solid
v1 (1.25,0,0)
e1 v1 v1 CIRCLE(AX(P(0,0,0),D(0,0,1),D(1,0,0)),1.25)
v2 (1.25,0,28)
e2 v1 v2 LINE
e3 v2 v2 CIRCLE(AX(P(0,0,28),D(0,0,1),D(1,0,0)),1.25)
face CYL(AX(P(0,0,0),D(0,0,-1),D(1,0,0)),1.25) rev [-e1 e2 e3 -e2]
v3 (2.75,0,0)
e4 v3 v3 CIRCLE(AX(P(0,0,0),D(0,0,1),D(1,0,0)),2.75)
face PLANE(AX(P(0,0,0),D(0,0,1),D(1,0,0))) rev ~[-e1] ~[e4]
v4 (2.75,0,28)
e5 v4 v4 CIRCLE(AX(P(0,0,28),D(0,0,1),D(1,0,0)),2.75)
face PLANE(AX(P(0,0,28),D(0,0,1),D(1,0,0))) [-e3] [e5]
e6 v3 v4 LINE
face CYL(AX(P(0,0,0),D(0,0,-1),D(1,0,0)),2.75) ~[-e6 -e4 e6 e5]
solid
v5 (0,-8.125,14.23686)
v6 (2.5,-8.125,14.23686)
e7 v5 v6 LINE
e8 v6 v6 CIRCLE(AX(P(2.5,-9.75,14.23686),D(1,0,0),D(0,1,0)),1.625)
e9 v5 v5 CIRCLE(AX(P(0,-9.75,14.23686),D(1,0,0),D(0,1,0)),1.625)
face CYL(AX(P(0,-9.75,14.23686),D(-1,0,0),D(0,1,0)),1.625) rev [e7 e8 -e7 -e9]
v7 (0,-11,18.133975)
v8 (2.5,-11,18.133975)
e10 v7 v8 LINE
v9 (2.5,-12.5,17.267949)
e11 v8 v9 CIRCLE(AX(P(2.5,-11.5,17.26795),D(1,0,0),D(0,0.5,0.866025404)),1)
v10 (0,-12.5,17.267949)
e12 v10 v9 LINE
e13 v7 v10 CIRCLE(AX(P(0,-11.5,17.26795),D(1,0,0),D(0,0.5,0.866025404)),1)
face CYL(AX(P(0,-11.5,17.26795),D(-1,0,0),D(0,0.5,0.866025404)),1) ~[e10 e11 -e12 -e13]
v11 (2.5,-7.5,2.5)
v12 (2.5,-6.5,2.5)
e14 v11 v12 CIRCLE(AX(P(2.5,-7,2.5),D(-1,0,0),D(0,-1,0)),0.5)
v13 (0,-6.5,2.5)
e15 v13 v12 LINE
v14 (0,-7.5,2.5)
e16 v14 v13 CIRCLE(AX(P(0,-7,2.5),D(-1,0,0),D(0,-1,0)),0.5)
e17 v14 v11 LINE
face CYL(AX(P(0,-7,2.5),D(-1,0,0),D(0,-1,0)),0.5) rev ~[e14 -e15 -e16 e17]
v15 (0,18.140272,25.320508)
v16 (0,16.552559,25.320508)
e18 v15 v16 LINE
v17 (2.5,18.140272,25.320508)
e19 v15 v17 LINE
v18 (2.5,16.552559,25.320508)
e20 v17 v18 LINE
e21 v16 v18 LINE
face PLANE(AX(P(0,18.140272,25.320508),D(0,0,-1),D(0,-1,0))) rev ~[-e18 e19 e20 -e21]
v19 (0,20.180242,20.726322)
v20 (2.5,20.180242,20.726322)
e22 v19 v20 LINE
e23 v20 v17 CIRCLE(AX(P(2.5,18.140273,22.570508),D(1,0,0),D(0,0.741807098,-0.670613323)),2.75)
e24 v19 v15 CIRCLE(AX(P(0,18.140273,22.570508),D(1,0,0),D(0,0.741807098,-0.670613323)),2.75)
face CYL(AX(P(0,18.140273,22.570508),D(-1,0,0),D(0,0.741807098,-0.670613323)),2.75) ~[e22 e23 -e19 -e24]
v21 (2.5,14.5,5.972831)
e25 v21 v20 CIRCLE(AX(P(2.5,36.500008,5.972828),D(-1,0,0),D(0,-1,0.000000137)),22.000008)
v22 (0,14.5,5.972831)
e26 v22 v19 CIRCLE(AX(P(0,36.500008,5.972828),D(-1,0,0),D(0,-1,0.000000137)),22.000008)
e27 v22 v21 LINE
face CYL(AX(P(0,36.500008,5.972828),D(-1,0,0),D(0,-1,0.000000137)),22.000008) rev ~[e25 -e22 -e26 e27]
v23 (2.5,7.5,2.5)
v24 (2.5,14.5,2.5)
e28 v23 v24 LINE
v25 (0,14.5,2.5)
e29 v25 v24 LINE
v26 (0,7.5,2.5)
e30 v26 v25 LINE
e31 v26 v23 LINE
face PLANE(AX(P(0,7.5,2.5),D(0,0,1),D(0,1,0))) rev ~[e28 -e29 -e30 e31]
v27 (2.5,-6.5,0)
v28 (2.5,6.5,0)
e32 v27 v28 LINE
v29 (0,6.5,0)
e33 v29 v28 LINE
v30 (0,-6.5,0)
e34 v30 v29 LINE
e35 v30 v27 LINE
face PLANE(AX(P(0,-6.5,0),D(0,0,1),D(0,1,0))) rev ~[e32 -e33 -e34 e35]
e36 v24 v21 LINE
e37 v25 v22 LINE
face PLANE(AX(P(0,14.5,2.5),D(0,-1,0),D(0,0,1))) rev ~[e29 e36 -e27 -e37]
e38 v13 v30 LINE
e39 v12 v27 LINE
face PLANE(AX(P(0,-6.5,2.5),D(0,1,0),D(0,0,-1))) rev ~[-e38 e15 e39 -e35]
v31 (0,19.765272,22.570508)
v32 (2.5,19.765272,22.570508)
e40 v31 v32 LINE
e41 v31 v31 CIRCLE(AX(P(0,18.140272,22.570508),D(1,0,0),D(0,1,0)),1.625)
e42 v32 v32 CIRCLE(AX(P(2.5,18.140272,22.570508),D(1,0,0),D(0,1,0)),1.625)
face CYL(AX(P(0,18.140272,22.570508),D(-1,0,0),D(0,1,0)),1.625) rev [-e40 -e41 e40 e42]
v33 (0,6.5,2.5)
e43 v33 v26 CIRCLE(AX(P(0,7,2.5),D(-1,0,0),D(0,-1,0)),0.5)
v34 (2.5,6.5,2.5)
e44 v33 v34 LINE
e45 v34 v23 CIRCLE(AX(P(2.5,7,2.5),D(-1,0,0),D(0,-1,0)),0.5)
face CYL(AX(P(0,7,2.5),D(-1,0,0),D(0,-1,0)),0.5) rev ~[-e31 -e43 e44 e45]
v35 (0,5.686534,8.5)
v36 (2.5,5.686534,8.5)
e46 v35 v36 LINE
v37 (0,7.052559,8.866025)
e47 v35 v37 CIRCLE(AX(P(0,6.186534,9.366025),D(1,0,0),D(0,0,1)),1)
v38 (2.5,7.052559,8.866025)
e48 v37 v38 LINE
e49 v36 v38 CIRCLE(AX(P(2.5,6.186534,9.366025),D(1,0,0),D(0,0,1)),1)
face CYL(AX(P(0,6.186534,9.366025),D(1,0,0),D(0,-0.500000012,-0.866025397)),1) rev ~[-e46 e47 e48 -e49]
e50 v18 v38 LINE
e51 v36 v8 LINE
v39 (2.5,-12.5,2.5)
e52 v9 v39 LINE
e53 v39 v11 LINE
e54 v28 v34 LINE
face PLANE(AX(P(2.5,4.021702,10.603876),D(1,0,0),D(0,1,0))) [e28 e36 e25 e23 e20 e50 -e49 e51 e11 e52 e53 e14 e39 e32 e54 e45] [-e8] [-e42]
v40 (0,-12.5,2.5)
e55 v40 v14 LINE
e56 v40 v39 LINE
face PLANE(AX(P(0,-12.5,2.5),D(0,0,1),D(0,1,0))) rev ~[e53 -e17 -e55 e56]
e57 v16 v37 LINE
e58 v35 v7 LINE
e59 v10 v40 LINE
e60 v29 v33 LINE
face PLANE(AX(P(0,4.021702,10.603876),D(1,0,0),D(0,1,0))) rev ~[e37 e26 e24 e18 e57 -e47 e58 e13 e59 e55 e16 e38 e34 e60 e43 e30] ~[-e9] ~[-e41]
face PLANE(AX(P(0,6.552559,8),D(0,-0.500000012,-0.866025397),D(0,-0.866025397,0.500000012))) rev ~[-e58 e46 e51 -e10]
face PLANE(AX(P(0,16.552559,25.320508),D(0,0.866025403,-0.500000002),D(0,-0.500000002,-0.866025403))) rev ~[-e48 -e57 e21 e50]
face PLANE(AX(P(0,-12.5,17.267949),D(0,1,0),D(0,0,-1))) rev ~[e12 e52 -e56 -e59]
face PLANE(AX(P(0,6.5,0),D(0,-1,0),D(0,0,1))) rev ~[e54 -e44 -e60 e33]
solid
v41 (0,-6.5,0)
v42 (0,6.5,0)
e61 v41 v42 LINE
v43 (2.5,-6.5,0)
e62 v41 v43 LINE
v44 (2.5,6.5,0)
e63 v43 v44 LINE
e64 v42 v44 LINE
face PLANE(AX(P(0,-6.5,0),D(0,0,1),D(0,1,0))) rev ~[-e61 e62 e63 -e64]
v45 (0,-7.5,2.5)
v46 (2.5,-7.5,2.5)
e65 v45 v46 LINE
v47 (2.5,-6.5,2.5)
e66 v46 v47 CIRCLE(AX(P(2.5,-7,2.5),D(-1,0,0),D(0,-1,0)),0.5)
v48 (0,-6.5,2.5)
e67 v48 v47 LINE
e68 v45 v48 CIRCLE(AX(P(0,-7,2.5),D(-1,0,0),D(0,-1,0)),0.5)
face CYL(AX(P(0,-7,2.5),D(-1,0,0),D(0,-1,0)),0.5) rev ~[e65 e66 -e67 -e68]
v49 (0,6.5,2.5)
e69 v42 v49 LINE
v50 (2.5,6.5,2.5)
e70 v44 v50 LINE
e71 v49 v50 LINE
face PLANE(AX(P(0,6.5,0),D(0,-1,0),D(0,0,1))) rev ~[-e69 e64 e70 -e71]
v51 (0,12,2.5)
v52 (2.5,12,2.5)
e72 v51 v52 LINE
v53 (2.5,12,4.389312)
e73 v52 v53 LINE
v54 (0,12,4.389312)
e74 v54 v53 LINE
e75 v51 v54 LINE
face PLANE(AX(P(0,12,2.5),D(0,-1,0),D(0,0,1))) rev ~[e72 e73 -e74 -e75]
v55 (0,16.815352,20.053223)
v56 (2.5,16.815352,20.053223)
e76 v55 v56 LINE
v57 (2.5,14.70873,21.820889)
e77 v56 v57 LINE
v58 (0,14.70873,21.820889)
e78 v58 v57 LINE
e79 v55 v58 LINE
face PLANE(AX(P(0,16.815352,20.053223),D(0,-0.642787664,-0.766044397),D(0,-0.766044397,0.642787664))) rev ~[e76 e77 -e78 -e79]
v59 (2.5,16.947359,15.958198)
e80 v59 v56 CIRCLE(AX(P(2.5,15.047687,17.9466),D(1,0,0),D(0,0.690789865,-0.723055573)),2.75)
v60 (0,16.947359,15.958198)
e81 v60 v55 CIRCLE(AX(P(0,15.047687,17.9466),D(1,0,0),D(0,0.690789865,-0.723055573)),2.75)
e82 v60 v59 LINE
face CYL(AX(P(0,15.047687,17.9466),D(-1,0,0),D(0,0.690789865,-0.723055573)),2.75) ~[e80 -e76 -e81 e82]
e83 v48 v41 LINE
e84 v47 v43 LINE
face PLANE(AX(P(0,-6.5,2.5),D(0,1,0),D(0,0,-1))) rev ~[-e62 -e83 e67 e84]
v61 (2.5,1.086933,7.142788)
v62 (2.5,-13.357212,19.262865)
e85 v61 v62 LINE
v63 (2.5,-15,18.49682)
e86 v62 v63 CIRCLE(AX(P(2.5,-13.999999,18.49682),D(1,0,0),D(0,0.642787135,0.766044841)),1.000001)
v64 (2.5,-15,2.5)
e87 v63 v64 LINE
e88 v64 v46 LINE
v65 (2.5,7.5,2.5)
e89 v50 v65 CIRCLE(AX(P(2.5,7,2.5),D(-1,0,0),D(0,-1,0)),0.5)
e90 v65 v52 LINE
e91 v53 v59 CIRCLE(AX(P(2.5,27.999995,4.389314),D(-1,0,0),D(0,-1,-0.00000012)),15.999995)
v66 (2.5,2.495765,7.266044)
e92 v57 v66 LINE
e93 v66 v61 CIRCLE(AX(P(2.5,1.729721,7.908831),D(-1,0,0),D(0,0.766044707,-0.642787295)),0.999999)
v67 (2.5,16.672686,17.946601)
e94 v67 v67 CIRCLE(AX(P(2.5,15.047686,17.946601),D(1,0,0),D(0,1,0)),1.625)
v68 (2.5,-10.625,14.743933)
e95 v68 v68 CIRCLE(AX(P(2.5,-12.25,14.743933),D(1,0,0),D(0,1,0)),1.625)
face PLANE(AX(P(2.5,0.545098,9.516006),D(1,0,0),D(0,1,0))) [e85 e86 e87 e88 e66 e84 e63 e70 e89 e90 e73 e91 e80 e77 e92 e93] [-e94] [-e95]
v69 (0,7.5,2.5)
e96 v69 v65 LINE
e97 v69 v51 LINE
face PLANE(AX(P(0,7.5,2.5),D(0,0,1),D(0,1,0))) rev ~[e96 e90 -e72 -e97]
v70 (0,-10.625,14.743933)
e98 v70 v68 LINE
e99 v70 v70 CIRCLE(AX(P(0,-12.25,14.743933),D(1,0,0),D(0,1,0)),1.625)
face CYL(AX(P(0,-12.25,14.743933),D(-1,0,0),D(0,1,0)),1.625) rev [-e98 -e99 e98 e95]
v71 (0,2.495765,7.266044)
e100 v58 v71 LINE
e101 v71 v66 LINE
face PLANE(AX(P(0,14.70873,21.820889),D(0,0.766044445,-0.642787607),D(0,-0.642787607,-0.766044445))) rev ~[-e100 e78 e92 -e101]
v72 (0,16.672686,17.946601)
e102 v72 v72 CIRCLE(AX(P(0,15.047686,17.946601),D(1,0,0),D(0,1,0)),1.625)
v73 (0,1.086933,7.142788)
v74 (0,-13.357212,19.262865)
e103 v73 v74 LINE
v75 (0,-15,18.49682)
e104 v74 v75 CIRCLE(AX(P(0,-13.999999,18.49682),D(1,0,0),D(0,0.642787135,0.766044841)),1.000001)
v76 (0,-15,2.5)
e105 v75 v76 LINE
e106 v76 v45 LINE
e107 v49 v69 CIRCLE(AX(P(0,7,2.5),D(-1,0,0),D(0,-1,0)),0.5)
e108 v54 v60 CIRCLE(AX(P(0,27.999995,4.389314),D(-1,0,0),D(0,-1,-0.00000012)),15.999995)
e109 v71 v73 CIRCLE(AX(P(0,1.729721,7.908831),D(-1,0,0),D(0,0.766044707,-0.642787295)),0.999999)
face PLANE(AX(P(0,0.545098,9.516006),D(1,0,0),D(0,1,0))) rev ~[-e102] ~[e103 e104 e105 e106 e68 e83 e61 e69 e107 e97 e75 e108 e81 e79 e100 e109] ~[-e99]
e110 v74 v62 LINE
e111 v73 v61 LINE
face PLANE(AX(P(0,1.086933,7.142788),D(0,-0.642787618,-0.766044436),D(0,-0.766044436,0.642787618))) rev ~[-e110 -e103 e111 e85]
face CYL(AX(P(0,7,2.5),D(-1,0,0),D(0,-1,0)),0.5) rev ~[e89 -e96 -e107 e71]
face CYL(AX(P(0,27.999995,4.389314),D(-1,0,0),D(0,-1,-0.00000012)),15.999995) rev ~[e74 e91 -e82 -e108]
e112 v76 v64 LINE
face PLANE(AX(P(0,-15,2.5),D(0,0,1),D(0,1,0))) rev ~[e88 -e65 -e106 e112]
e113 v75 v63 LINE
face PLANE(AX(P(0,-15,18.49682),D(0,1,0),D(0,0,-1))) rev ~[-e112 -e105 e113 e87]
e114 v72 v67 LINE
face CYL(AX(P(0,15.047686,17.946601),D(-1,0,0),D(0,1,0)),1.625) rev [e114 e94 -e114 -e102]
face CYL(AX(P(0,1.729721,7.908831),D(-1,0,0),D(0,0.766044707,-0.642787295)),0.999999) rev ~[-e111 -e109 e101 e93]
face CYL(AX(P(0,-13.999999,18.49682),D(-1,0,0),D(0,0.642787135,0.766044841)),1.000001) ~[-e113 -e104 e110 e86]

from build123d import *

# Parameters (mm, degrees)
F0_R     = 1.625
F1_DEPTH = 2.5
F2_R     = 1
F3_R     = 1.625
F4_DEPTH = 2.5
F5_R     = 2.75
F5_R_2   = 1.25
F6_DEPTH = 28


with BuildPart() as f1:
    # F0 (on Right) → F1 (new body)
    with BuildSketch(Plane.YZ):
        with BuildLine():
            Line((-12.5, 17.267949), (-12.5, 2.5))
            Line((-12.5, 2.5), (-7.5, 2.5))
            ThreePointArc((-7.5, 2.5), (-7, 3), (-6.5, 2.5))
            Line((-6.5, 2.5), (-6.5, 0))
            Line((-6.5, 0), (6.5, 0))
            Line((6.5, 0), (6.5, 2.5))
            ThreePointArc((6.5, 2.5), (7, 3), (7.5, 2.5))
            Line((7.5, 2.5), (14.5, 2.5))
            Line((14.5, 2.5), (14.5, 5.972831))
            ThreePointArc((14.5, 5.972831), (15.969113, 13.877428), (20.180242, 20.726322))
            ThreePointArc((20.180242, 20.726322), (20.653638, 23.686525), (18.140272, 25.320508))
            Line((18.140272, 25.320508), (16.552559, 25.320508))
            Line((16.552559, 25.320508), (6.552559, 8))
            Line((6.552559, 8), (-11, 18.133975))
            ThreePointArc((-11, 18.133975), (-12, 18.133975), (-12.5, 17.267949))
        make_face()
        with Locations((-9.75, 14.23686)):
            Circle(F0_R, mode=Mode.SUBTRACT)
        with Locations((18.140272, 22.570508)):
            Circle(F0_R, mode=Mode.SUBTRACT)
    extrude(amount=F1_DEPTH)

    # F2
    f2_edges = [f1.edges().sort_by_distance(p)[0] for p in [
        (1.25, 6.552559, 8),
    ]]
    fillet(f2_edges, radius=F2_R)


with BuildPart() as f4:
    # F3 (on Right) → F4 (new body)
    with BuildSketch(Plane.YZ):
        with BuildLine():
            Line((-6.5, 2.5), (-6.5, 0))
            Line((-6.5, 0), (6.5, 0))
            Line((6.5, 0), (6.5, 2.5))
            ThreePointArc((6.5, 2.5), (7, 3), (7.5, 2.5))
            Line((7.5, 2.5), (12, 2.5))
            Line((12, 2.5), (12, 4.389312))
            ThreePointArc((12, 4.389312), (13.288741, 10.680486), (16.947359, 15.958198))
            ThreePointArc((16.947359, 15.958198), (17.796259, 18.035203), (16.815352, 20.053223))
            Line((16.815352, 20.053223), (14.70873, 21.820889))
            Line((14.70873, 21.820889), (2.495765, 7.266044))
            ThreePointArc((2.495765, 7.266044), (1.816877, 6.912637), (1.086933, 7.142788))
            Line((1.086933, 7.142788), (-13.357212, 19.262865))
            ThreePointArc((-13.357212, 19.262865), (-14.422618, 19.403128), (-15, 18.49682))
            Line((-15, 18.49682), (-15, 2.5))
            Line((-15, 2.5), (-7.5, 2.5))
            ThreePointArc((-7.5, 2.5), (-7, 3), (-6.5, 2.5))
        make_face()
        with Locations((-12.25, 14.743933)):
            Circle(F3_R, mode=Mode.SUBTRACT)
        with Locations((15.047686, 17.946601)):
            Circle(F3_R, mode=Mode.SUBTRACT)
    extrude(amount=F4_DEPTH)


with BuildPart() as f6:
    # F5 (on Top) → F6 (new body)
    with BuildSketch(Plane.XY):
        Circle(F5_R)
        Circle(F5_R_2, mode=Mode.SUBTRACT)
    extrude(amount=F6_DEPTH)


solid = Compound([f1.part, f4.part, f6.part])
